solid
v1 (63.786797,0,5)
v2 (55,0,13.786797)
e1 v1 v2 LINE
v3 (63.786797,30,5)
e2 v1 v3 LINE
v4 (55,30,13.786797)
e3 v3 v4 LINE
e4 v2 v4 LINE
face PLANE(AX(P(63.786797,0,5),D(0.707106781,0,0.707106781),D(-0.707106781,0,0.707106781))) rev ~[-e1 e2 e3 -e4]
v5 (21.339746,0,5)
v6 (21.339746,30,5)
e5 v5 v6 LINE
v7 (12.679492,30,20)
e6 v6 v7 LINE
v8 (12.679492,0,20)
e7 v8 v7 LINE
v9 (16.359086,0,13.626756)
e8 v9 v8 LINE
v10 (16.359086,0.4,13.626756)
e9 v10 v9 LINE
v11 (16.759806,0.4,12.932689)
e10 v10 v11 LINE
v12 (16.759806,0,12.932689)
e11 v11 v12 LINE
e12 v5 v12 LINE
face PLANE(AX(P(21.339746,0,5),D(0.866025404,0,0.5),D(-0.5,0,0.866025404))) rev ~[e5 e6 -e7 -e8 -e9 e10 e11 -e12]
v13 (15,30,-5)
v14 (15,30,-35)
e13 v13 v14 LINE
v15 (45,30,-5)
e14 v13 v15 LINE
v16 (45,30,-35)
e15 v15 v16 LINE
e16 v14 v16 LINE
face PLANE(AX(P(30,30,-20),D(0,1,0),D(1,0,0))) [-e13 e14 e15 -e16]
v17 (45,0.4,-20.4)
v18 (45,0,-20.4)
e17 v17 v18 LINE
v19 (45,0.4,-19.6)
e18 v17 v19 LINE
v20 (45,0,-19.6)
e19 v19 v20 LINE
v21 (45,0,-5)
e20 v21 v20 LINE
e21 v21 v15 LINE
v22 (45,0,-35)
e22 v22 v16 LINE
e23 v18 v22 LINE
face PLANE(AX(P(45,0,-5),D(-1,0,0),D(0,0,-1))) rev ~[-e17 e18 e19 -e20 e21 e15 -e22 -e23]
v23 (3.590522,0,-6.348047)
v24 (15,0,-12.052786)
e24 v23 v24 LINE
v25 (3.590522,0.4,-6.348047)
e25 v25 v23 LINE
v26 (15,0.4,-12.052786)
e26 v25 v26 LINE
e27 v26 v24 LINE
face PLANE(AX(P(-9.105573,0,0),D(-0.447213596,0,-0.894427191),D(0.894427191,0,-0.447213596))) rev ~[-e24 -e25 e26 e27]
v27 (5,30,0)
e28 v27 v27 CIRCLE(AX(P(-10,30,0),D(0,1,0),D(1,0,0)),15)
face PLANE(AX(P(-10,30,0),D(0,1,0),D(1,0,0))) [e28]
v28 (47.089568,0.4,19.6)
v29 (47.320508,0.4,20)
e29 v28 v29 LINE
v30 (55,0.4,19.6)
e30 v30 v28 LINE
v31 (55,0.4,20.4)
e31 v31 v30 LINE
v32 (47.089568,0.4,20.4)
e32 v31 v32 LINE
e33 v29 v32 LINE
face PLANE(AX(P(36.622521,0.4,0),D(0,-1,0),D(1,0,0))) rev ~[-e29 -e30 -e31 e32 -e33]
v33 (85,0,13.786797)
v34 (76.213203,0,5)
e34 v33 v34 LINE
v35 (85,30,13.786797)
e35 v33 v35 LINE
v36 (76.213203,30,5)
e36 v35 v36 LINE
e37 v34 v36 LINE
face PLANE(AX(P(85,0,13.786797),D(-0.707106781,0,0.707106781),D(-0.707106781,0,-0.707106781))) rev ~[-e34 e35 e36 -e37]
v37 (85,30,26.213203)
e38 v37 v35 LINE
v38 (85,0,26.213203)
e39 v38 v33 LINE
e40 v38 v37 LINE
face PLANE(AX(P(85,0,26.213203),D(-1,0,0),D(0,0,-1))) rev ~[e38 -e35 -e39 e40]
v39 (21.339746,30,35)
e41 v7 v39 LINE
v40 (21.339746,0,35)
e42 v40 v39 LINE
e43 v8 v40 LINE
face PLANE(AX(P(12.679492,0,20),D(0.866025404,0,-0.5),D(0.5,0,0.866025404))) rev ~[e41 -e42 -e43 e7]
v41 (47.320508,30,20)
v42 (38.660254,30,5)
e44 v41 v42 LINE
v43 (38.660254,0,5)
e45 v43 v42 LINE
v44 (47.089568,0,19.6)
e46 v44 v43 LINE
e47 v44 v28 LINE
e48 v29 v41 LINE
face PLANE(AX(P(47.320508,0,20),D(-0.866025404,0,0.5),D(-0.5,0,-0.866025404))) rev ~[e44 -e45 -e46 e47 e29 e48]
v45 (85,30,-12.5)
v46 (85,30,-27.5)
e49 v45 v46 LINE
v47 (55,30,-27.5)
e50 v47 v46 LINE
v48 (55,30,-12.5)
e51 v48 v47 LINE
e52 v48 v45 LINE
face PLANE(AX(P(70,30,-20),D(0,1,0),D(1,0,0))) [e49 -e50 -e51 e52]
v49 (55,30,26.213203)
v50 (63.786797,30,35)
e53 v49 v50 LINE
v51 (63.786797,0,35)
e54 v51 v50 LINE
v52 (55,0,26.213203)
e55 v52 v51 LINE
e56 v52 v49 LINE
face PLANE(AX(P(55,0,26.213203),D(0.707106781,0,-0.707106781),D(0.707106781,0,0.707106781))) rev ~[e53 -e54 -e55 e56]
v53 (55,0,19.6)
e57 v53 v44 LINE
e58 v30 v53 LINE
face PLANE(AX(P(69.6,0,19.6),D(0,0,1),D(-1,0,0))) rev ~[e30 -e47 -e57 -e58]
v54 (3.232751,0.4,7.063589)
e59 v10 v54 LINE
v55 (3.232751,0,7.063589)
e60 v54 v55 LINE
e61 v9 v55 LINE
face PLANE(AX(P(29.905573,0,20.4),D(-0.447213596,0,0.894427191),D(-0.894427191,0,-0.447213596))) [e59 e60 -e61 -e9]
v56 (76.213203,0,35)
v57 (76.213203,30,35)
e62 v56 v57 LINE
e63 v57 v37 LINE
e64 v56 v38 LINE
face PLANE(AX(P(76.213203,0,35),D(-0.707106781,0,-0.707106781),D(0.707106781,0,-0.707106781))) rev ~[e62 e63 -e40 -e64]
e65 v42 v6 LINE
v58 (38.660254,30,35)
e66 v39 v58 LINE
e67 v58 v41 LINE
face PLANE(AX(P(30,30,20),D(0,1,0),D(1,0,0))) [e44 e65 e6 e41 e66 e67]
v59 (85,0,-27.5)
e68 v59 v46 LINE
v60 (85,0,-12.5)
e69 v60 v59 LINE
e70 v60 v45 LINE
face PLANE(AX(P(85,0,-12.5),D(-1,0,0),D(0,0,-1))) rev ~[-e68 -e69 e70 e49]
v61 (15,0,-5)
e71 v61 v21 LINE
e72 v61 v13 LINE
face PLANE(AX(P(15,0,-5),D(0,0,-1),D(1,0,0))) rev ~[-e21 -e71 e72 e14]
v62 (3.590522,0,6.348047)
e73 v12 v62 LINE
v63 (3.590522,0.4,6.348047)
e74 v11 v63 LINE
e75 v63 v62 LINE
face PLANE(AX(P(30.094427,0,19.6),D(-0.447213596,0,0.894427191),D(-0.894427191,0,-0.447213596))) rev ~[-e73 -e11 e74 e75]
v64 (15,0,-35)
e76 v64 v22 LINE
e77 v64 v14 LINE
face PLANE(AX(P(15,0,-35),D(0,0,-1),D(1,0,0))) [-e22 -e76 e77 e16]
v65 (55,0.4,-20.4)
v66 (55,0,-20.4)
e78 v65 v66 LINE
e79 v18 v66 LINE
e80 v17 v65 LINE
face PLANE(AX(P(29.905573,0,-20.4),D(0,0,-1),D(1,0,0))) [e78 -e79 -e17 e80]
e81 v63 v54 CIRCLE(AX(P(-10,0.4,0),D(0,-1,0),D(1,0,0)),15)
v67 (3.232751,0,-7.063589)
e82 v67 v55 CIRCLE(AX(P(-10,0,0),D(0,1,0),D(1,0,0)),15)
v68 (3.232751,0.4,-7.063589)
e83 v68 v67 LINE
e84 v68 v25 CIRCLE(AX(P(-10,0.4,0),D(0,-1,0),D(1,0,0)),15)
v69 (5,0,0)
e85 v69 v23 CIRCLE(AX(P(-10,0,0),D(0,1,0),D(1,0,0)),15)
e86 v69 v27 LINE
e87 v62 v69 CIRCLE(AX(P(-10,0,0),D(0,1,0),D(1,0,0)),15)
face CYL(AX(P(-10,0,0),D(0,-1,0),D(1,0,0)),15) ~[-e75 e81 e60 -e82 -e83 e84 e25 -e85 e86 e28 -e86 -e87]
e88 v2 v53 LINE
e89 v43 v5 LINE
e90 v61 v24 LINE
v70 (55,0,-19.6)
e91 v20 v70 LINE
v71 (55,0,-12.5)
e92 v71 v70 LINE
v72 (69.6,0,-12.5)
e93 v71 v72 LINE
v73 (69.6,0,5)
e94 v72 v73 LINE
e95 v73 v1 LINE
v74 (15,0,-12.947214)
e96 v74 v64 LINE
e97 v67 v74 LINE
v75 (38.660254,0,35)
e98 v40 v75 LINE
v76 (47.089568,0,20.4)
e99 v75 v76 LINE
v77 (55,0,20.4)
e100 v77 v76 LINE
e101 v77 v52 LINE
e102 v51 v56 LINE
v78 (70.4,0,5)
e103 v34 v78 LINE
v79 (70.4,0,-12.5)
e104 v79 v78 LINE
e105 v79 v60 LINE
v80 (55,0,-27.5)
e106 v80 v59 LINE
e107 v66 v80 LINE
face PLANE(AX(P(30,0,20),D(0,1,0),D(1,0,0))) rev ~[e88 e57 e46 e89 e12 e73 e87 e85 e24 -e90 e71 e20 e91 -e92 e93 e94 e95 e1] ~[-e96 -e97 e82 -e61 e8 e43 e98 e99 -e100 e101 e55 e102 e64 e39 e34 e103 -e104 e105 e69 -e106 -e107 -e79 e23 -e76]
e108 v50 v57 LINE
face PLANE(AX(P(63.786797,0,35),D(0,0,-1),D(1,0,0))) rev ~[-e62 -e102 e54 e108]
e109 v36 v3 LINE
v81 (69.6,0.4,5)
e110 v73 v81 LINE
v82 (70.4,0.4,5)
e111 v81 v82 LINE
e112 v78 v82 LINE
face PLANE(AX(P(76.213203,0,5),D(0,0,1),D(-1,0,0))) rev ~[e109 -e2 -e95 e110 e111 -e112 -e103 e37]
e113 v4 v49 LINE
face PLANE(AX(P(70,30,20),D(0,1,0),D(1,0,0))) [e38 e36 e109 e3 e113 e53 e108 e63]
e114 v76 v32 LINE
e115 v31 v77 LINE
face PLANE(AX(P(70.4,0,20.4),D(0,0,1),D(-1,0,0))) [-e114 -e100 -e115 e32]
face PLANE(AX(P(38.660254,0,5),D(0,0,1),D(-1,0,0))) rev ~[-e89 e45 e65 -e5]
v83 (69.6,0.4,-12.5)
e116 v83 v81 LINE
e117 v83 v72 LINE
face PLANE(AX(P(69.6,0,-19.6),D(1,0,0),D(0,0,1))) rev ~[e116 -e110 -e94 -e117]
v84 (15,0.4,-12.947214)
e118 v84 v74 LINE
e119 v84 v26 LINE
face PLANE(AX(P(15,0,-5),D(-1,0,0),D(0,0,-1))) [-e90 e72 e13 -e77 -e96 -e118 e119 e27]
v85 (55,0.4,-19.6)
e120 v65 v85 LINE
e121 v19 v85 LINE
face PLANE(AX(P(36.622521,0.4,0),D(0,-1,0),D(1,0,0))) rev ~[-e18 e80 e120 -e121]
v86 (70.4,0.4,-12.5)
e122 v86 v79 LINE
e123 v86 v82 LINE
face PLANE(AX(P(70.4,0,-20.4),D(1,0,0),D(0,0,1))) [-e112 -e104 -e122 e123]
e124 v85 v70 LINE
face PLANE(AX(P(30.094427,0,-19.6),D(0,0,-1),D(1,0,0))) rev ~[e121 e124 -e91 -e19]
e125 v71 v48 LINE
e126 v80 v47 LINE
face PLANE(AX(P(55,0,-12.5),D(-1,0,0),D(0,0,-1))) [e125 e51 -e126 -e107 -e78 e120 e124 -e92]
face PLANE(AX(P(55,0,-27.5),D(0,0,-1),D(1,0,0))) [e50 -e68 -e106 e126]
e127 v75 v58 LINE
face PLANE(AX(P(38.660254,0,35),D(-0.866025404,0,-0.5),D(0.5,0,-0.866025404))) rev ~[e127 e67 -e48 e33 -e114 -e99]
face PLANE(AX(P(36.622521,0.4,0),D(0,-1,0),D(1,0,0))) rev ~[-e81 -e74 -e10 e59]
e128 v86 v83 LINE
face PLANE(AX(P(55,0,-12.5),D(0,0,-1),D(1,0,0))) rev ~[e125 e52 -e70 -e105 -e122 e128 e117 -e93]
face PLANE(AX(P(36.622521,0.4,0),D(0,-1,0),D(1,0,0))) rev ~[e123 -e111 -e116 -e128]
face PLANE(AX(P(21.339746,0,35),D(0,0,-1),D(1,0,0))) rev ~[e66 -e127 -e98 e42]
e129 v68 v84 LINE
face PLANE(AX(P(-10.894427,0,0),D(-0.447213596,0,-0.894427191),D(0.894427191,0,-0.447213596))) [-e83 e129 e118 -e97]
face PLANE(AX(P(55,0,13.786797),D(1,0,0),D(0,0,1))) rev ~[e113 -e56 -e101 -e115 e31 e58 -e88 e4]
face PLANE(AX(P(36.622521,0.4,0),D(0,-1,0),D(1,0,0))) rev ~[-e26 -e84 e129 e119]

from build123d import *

# Parameters (mm, degrees)
SKIZZE1_R                         = 15
AUFSATZ_LINEAR_AUSTRAGEN1_DEPTH   = 30
SKIZZE1_W                         = 30
SKIZZE1_H                         = 30
AUFSATZ_LINEAR_AUSTRAGEN1_2_DEPTH = 30
AUFSATZ_LINEAR_AUSTRAGEN1_3_DEPTH = 30
SKIZZE1_H_2                       = 15
AUFSATZ_LINEAR_AUSTRAGEN1_4_DEPTH = 30
AUFSATZ_LINEAR_AUSTRAGEN1_5_DEPTH = 30
LINEAR_AUSTRAGEN_D_NN1_DEPTH      = 0.4


with BuildPart() as part:
    # Skizze1 → Aufsatz-Linear austragen1 (new body)
    with BuildSketch(Plane(origin=(0, 0, 0), x_dir=(1, 0, 0), z_dir=(0, 1, 0))):
        with Locations((-10, 0)):
            Circle(SKIZZE1_R)
    extrude(amount=AUFSATZ_LINEAR_AUSTRAGEN1_DEPTH)



with BuildPart() as body_2:
    # Skizze1 → Aufsatz-Linear austragen1 2 (new body)
    with BuildSketch(Plane(origin=(0, 0, 0), x_dir=(1, 0, 0), z_dir=(0, 1, 0))):
        with Locations((30, 20)):
            Rectangle(SKIZZE1_W, SKIZZE1_H)
    extrude(amount=AUFSATZ_LINEAR_AUSTRAGEN1_2_DEPTH)


with BuildPart() as body_3:
    # Skizze1 → Aufsatz-Linear austragen1 3 (new body)
    with BuildSketch(Plane(origin=(0, 0, 0), x_dir=(1, 0, 0), z_dir=(0, 1, 0))):
        Polygon((38.660254038, -5), (21.339745962, -5), (12.679491924, -20), (21.339745962, -35), (38.660254038, -35), (47.320508076, -20), align=None)
    extrude(amount=AUFSATZ_LINEAR_AUSTRAGEN1_3_DEPTH)


with BuildPart() as body_4:
    # Skizze1 → Aufsatz-Linear austragen1 4 (new body)
    with BuildSketch(Plane(origin=(0, 0, 0), x_dir=(1, 0, 0), z_dir=(0, 1, 0))):
        with Locations((70, 20)):
            Rectangle(SKIZZE1_W, SKIZZE1_H_2)
    extrude(amount=AUFSATZ_LINEAR_AUSTRAGEN1_4_DEPTH)


with BuildPart() as body_5:
    # Skizze1 → Aufsatz-Linear austragen1 5 (new body)
    with BuildSketch(Plane(origin=(0, 0, 0), x_dir=(1, 0, 0), z_dir=(0, 1, 0))):
        Polygon((76.213203436, -5), (63.786796564, -5), (55, -13.786796564), (55, -26.213203436), (63.786796564, -35), (76.213203436, -35), (85, -26.213203436), (85, -13.786796564), align=None)
    extrude(amount=AUFSATZ_LINEAR_AUSTRAGEN1_5_DEPTH)


with BuildPart() as part_1:
    add(part.part)

    add(body_2.part)  # Linear-Austragen-Dünn1 merges body 2

    add(body_3.part)  # Linear-Austragen-Dünn1 merges body 3

    add(body_4.part)  # Linear-Austragen-Dünn1 merges body 4

    add(body_5.part)  # Linear-Austragen-Dünn1 merges body 5
    # Skizze2 → Linear-Austragen-Dünn1 (add)
    with BuildSketch(Plane.XZ):
        Polygon((29.905572809, 20.4), (-10.894427191, 0), (29.905572809, -20.4), (70.4, -20.4), (70.4, 20.4), align=None)
        Polygon((30.094427191, 19.6), (-9.105572809, 0), (30.094427191, -19.6), (69.6, -19.6), (69.6, 19.6), align=None, mode=Mode.SUBTRACT)
    extrude(amount=-LINEAR_AUSTRAGEN_D_NN1_DEPTH)


solid = part_1.part
